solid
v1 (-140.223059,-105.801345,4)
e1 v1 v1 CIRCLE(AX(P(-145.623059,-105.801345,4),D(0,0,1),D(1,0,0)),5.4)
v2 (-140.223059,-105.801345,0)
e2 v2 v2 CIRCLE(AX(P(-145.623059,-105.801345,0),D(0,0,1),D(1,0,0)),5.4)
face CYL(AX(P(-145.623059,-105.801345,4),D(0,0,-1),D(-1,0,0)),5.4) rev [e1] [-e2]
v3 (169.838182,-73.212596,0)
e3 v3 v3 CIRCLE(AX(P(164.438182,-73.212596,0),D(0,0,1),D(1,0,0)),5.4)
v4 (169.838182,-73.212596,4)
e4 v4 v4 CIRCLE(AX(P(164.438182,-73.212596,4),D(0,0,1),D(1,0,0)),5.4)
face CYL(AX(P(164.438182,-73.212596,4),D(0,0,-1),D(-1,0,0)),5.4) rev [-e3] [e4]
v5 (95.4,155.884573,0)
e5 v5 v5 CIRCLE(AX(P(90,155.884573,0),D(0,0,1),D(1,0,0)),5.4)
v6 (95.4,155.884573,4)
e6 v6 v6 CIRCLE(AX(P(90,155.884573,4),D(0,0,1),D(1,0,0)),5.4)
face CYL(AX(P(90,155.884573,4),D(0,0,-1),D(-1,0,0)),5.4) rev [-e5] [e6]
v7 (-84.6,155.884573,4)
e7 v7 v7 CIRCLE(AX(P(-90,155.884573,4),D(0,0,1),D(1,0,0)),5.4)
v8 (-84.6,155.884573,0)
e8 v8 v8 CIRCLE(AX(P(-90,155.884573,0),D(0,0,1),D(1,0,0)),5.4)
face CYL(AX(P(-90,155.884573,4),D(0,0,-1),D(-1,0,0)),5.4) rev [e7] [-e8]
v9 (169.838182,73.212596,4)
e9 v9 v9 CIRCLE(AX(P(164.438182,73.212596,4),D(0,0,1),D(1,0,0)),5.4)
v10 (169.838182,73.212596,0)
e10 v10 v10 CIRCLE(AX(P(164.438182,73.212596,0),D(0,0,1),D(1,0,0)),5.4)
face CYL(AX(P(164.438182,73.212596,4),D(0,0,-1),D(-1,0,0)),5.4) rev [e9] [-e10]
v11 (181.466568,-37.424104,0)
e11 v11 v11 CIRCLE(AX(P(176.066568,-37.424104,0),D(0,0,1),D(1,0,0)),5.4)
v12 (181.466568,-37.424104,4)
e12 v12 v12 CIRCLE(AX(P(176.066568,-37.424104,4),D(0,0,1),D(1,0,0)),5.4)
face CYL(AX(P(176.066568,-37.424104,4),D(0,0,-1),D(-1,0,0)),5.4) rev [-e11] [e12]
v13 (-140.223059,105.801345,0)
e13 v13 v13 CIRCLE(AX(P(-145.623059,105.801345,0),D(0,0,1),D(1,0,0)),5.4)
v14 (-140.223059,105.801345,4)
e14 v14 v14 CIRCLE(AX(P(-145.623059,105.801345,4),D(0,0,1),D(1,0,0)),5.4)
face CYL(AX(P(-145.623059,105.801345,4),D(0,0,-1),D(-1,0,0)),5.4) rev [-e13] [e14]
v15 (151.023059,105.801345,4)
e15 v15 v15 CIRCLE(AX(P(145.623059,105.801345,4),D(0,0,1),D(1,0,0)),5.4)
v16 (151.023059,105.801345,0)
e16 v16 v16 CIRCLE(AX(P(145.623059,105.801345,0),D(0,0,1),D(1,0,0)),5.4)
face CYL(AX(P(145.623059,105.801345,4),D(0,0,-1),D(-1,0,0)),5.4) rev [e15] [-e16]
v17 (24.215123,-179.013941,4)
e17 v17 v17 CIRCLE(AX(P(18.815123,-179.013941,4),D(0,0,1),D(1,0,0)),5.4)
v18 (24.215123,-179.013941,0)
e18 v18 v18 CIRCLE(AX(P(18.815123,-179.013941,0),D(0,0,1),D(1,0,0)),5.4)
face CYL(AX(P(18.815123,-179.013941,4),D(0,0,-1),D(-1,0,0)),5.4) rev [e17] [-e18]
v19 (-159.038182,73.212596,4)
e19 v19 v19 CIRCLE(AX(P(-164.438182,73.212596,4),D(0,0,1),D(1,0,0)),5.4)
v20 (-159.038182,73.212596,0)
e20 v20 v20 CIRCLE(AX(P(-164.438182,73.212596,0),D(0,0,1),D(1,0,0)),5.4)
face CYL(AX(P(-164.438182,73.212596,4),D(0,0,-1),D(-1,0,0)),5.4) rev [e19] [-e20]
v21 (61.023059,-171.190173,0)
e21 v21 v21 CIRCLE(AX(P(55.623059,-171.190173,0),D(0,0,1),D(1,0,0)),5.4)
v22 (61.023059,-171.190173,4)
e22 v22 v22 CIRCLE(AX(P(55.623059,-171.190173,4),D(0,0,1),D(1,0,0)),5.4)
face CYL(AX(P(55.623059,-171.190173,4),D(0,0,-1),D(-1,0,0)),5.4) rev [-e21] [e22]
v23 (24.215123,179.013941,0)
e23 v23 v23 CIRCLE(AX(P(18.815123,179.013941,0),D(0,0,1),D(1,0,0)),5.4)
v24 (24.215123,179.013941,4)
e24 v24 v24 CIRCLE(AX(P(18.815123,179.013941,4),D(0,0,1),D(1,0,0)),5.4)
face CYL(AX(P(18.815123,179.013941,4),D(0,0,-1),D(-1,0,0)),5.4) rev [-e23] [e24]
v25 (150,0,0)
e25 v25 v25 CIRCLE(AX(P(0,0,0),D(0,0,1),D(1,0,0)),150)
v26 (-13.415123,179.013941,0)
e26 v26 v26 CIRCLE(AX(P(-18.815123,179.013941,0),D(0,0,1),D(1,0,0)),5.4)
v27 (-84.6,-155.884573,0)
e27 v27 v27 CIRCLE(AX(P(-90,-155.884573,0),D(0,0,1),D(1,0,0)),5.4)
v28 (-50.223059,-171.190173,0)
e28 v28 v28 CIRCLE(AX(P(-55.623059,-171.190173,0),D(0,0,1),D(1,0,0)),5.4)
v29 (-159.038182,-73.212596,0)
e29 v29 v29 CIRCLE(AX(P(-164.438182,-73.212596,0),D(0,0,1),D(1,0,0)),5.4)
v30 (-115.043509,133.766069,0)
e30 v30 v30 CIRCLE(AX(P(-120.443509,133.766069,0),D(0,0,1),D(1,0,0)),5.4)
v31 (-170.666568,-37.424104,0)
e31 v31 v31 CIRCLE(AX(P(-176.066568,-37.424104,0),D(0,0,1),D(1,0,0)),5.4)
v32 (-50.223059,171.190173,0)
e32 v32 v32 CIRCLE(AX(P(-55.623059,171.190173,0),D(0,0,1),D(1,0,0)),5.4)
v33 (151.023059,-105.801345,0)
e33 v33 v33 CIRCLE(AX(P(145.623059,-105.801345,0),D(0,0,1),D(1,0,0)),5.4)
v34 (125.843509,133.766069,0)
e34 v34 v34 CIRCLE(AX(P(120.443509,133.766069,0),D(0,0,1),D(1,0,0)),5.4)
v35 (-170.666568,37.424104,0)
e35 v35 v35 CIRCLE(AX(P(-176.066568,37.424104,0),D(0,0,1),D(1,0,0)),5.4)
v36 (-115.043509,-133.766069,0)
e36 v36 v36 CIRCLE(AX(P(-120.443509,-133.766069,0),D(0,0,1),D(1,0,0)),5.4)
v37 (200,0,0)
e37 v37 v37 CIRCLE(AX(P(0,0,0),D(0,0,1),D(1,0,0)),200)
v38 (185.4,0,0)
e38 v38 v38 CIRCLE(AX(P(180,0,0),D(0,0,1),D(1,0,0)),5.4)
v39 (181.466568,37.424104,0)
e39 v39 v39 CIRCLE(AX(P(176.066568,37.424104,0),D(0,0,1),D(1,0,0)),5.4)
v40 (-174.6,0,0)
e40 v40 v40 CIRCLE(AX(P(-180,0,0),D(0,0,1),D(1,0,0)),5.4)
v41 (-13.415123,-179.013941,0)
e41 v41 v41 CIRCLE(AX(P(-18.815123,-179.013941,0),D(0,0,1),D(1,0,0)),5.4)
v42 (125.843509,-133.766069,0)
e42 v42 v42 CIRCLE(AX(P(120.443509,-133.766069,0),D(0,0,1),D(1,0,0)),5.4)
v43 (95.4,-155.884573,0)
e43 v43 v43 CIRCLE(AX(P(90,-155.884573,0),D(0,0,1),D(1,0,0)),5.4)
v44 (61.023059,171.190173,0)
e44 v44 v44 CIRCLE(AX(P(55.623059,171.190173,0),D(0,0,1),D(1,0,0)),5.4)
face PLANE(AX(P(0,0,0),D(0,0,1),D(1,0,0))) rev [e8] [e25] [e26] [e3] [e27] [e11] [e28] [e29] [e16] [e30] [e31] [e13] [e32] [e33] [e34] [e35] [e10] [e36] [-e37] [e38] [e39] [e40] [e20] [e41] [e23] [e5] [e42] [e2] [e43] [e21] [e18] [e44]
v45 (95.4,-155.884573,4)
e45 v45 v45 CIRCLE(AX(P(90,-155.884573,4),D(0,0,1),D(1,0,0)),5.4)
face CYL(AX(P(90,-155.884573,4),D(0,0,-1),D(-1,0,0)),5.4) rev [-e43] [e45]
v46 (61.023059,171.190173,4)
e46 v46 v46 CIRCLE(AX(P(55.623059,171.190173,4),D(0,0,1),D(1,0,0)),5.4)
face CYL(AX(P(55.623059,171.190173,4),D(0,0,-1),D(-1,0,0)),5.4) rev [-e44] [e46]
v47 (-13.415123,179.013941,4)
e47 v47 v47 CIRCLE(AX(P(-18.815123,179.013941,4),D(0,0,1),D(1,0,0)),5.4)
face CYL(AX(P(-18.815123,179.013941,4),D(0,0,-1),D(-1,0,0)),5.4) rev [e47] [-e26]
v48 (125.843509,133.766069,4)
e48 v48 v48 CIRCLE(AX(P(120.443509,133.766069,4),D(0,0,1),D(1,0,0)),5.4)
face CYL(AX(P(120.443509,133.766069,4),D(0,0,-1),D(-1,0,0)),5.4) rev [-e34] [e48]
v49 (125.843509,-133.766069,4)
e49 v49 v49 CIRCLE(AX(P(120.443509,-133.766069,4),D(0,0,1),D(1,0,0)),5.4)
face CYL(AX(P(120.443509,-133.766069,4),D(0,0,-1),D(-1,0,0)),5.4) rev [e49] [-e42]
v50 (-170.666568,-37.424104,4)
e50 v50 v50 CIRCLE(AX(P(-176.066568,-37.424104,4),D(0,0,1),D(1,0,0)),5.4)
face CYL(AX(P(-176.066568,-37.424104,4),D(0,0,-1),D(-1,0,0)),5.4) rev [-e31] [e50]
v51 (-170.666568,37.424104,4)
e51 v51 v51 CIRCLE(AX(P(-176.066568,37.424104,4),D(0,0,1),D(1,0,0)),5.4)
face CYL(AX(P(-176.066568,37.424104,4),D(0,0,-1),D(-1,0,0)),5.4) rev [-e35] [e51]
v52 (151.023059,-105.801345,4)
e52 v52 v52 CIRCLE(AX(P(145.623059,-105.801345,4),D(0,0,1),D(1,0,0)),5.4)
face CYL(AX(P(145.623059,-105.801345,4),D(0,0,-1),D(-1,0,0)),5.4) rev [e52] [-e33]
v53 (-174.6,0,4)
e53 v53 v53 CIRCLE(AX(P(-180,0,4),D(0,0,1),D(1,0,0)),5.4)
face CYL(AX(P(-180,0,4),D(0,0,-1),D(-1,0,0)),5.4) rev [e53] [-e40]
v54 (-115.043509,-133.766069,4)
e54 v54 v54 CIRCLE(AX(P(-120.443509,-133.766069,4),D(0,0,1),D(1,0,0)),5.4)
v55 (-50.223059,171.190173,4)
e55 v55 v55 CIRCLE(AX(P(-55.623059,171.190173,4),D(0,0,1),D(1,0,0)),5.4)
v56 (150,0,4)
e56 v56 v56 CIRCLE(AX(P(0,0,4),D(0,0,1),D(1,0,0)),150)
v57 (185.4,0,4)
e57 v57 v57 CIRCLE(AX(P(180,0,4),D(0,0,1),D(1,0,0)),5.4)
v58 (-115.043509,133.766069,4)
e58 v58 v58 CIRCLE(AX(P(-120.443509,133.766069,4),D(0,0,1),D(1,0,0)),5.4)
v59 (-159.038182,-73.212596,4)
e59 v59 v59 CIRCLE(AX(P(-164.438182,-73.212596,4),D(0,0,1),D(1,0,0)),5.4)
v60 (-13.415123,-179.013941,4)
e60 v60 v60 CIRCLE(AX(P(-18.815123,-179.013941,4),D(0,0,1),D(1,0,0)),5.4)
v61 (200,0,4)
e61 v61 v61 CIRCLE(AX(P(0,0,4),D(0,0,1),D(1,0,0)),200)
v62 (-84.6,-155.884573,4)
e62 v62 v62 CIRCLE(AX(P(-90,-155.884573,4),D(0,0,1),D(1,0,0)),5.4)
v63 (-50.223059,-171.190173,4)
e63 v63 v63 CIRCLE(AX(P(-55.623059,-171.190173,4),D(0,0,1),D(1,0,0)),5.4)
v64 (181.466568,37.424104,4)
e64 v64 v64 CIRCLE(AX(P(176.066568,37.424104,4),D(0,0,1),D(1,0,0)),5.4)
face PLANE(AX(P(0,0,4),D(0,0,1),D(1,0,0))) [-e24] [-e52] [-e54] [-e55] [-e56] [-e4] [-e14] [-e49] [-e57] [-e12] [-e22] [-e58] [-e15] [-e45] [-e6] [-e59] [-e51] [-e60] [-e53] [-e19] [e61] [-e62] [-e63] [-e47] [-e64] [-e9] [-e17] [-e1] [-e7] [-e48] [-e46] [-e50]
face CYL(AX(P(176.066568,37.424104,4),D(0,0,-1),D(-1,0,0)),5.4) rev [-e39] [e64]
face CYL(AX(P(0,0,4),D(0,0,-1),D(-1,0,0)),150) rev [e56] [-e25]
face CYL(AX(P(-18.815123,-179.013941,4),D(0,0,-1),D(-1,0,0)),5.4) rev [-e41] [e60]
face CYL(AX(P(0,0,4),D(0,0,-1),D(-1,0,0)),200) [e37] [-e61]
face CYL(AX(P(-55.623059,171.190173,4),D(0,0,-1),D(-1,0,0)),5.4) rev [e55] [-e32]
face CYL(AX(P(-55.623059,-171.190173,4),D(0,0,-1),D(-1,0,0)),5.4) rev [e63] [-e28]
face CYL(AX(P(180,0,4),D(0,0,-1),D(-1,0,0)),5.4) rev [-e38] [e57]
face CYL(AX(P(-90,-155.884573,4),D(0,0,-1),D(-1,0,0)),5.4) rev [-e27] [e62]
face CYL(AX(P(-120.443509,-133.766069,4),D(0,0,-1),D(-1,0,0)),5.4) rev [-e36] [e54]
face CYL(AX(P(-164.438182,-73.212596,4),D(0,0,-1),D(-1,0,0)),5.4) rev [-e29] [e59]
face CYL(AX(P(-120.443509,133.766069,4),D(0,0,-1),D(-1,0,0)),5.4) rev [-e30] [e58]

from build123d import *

# Parameters (mm, degrees)
CROQUIS1_R              = 200
CROQUIS1_R_2            = 150
CROQUIS1_R_3            = 5.4
SALIENTE_EXTRUIR1_DEPTH = 4


with BuildPart() as part:
    # Croquis1 → Saliente-Extruir1 (new body)
    with BuildSketch(Plane.XY):
        Circle(CROQUIS1_R)
        Circle(CROQUIS1_R_2, mode=Mode.SUBTRACT)
        with Locations((145.623058987, 105.801345413)):
            Circle(CROQUIS1_R_3, mode=Mode.SUBTRACT)
        with Locations((164.438182376, 73.212595754)):
            Circle(CROQUIS1_R_3, mode=Mode.SUBTRACT)
        with Locations((176.066568132, 37.424104347)):
            Circle(CROQUIS1_R_3, mode=Mode.SUBTRACT)
        with Locations((180, 0)):
            Circle(CROQUIS1_R_3, mode=Mode.SUBTRACT)
        with Locations((176.066568132, -37.424104347)):
            Circle(CROQUIS1_R_3, mode=Mode.SUBTRACT)
        with Locations((164.438182376, -73.212595754)):
            Circle(CROQUIS1_R_3, mode=Mode.SUBTRACT)
        with Locations((145.623058987, -105.801345413)):
            Circle(CROQUIS1_R_3, mode=Mode.SUBTRACT)
        with Locations((120.443509145, -133.766068586)):
            Circle(CROQUIS1_R_3, mode=Mode.SUBTRACT)
        with Locations((90, -155.884572681)):
            Circle(CROQUIS1_R_3, mode=Mode.SUBTRACT)
        with Locations((55.623058987, -171.190172933)):
            Circle(CROQUIS1_R_3, mode=Mode.SUBTRACT)
        with Locations((18.815123388, -179.013941166)):
            Circle(CROQUIS1_R_3, mode=Mode.SUBTRACT)
        with Locations((-18.815123388, -179.013941166)):
            Circle(CROQUIS1_R_3, mode=Mode.SUBTRACT)
        with Locations((-55.623058987, -171.190172933)):
            Circle(CROQUIS1_R_3, mode=Mode.SUBTRACT)
        with Locations((-90, -155.884572681)):
            Circle(CROQUIS1_R_3, mode=Mode.SUBTRACT)
        with Locations((-120.443509145, -133.766068586)):
            Circle(CROQUIS1_R_3, mode=Mode.SUBTRACT)
        with Locations((-145.623058987, -105.801345413)):
            Circle(CROQUIS1_R_3, mode=Mode.SUBTRACT)
        with Locations((-164.438182376, -73.212595754)):
            Circle(CROQUIS1_R_3, mode=Mode.SUBTRACT)
        with Locations((-176.066568132, -37.424104347)):
            Circle(CROQUIS1_R_3, mode=Mode.SUBTRACT)
        with Locations((-180, 0)):
            Circle(CROQUIS1_R_3, mode=Mode.SUBTRACT)
        with Locations((-176.066568132, 37.424104347)):
            Circle(CROQUIS1_R_3, mode=Mode.SUBTRACT)
        with Locations((-164.438182376, 73.212595754)):
            Circle(CROQUIS1_R_3, mode=Mode.SUBTRACT)
        with Locations((-145.623058987, 105.801345413)):
            Circle(CROQUIS1_R_3, mode=Mode.SUBTRACT)
        with Locations((-120.443509145, 133.766068586)):
            Circle(CROQUIS1_R_3, mode=Mode.SUBTRACT)
        with Locations((-90, 155.884572681)):
            Circle(CROQUIS1_R_3, mode=Mode.SUBTRACT)
        with Locations((-55.623058987, 171.190172933)):
            Circle(CROQUIS1_R_3, mode=Mode.SUBTRACT)
        with Locations((-18.815123388, 179.013941166)):
            Circle(CROQUIS1_R_3, mode=Mode.SUBTRACT)
        with Locations((18.815123388, 179.013941166)):
            Circle(CROQUIS1_R_3, mode=Mode.SUBTRACT)
        with Locations((55.623058987, 171.190172933)):
            Circle(CROQUIS1_R_3, mode=Mode.SUBTRACT)
        with Locations((90, 155.884572681)):
            Circle(CROQUIS1_R_3, mode=Mode.SUBTRACT)
        with Locations((120.443509145, 133.766068586)):
            Circle(CROQUIS1_R_3, mode=Mode.SUBTRACT)
    extrude(amount=SALIENTE_EXTRUIR1_DEPTH)


solid = part.part
